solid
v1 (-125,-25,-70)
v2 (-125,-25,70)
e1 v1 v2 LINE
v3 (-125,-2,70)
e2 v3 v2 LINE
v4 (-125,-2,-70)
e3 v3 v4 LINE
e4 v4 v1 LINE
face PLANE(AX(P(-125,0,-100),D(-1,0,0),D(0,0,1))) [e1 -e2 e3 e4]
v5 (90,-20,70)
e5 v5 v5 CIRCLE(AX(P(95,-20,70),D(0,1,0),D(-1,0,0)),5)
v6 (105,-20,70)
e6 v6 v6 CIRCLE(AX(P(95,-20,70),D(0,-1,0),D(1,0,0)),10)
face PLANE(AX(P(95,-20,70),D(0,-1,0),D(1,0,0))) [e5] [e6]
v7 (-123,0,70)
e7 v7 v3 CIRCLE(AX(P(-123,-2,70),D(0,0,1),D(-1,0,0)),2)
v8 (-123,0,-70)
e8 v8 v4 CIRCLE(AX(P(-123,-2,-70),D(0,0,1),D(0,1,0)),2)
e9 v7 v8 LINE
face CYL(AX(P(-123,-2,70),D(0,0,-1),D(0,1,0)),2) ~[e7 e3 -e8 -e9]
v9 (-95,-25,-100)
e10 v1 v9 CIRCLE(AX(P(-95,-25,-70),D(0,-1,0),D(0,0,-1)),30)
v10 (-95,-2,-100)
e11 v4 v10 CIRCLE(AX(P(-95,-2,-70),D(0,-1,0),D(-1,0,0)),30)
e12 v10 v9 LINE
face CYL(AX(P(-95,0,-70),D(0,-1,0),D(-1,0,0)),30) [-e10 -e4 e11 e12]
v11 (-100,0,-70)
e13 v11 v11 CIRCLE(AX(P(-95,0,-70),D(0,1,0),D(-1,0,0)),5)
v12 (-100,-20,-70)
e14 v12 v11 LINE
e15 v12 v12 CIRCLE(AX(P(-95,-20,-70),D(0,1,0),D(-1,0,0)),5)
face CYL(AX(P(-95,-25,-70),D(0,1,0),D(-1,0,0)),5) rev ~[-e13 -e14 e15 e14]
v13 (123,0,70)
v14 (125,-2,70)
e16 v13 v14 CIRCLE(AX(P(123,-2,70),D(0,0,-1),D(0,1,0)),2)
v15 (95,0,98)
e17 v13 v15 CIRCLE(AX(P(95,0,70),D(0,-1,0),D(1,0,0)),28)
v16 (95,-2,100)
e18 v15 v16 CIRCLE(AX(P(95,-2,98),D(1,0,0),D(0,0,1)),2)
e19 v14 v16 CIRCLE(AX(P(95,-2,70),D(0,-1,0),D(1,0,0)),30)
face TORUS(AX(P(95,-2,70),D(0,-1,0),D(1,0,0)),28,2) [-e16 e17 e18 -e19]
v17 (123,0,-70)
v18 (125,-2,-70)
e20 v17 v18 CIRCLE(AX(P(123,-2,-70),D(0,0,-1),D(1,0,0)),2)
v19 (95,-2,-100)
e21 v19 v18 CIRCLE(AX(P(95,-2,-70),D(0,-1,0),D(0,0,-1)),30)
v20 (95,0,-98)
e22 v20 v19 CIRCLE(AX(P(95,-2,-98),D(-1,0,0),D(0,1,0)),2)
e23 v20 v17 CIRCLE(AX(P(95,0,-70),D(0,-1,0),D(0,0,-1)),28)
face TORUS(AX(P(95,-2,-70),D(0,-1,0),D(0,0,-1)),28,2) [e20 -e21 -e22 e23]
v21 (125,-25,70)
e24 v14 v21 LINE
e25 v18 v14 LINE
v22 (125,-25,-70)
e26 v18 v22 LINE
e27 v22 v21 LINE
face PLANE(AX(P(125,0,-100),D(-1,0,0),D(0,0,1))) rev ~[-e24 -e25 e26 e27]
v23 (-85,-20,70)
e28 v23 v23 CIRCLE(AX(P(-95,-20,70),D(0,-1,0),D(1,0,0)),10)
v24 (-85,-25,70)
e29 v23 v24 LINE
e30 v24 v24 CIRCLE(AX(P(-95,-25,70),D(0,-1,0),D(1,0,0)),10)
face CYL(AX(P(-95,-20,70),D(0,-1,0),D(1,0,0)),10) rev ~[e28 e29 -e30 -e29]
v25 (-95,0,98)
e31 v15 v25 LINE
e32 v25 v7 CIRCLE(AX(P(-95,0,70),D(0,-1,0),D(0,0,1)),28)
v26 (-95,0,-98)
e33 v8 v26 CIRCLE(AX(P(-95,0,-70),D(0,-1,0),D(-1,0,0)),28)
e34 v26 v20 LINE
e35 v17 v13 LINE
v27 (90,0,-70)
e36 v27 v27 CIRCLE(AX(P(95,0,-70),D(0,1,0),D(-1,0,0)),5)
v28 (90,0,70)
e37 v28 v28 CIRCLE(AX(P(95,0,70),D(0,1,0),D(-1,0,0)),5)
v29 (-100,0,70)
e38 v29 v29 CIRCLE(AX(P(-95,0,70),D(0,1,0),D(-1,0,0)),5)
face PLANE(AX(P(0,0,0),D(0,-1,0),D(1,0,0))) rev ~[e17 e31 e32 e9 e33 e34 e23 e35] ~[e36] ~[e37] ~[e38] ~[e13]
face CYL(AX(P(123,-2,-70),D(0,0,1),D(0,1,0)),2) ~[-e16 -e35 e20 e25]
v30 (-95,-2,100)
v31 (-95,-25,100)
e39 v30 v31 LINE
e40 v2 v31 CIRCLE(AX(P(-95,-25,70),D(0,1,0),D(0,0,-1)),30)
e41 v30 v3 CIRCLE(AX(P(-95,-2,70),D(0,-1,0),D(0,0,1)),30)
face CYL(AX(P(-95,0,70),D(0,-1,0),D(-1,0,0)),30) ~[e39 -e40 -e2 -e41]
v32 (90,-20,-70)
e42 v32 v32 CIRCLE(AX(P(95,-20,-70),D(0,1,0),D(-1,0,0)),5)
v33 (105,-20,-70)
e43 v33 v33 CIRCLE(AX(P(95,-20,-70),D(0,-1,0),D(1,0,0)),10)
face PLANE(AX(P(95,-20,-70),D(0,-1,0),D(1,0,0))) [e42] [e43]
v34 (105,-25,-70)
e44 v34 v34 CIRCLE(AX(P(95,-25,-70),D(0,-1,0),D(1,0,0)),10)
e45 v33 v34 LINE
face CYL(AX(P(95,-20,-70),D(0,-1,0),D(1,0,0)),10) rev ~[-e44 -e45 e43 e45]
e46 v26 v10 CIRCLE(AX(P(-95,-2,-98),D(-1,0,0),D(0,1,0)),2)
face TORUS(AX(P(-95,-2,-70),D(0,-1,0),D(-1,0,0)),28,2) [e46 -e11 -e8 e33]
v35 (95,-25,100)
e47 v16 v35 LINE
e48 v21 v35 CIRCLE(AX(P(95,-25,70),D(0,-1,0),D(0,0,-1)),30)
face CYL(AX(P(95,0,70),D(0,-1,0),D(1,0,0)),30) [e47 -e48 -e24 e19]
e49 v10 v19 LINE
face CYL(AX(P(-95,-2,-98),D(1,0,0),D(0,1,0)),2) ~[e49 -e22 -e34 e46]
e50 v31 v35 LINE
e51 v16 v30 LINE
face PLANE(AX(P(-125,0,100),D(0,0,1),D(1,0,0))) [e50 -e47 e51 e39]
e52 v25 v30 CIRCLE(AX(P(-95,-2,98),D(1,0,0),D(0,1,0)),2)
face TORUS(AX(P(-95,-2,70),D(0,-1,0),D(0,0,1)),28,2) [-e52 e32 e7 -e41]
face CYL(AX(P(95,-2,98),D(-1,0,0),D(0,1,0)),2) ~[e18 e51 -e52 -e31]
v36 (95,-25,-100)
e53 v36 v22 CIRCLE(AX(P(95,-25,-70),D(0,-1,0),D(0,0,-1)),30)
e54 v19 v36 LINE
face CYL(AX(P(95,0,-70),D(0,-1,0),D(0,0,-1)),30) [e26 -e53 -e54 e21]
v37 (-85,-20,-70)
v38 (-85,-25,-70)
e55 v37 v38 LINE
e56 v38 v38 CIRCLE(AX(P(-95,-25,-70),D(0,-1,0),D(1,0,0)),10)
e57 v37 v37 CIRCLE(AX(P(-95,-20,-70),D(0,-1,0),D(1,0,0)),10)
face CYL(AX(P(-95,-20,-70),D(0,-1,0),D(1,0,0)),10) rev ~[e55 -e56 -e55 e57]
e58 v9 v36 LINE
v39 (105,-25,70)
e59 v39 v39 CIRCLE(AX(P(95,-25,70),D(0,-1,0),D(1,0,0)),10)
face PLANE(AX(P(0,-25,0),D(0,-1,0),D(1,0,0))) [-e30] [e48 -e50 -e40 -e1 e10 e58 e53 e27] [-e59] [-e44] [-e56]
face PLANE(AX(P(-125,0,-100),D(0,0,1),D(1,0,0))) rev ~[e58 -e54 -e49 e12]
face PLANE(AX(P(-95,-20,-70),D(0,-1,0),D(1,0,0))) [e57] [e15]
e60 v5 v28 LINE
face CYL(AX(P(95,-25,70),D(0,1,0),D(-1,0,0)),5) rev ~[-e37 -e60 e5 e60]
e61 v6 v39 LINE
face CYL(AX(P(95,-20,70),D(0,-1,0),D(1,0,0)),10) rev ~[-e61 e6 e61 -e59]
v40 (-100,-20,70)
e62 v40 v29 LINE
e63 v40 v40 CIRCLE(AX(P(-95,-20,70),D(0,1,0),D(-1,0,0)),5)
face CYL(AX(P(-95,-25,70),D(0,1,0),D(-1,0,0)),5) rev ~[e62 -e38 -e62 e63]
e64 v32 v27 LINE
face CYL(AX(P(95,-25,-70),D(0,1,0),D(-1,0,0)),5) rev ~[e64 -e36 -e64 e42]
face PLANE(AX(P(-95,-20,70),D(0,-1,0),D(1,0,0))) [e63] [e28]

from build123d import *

# Parameters (mm, degrees)
F0_W           = 250
F0_H           = 200
F1_DEPTH       = 25
F2_R           = 30
F4_D           = 10
F4_CBORE_D     = 20
F4_CBORE_DEPTH = 5
F5_R           = 2


with BuildPart() as f1:
    # F0 (on Front) → F1 (new body)
    with BuildSketch(Plane.XZ):
        Rectangle(F0_W, F0_H)
    extrude(amount=F1_DEPTH)

    # F2
    f2_edges = [f1.edges().sort_by_distance(p)[0] for p in [
        (-125, -12.5, 100),
        (-125, -12.5, -100),
        (125, -12.5, 100),
        (125, -12.5, -100),
    ]]
    fillet(f2_edges, radius=F2_R)

    # F4 (through all)
    with Locations(Plane.XZ.offset(25)):
        with Locations((-95, 70), (-95, -70), (95, -70), (95, 70)):
            CounterBoreHole(F4_D / 2, F4_CBORE_D / 2, F4_CBORE_DEPTH)

    # F5
    f5_edges = [f1.edges().sort_by_distance(p)[0] for p in [
        (0, 0, -100),
    ]]
    fillet(f5_edges, radius=F5_R)


solid = f1.part
